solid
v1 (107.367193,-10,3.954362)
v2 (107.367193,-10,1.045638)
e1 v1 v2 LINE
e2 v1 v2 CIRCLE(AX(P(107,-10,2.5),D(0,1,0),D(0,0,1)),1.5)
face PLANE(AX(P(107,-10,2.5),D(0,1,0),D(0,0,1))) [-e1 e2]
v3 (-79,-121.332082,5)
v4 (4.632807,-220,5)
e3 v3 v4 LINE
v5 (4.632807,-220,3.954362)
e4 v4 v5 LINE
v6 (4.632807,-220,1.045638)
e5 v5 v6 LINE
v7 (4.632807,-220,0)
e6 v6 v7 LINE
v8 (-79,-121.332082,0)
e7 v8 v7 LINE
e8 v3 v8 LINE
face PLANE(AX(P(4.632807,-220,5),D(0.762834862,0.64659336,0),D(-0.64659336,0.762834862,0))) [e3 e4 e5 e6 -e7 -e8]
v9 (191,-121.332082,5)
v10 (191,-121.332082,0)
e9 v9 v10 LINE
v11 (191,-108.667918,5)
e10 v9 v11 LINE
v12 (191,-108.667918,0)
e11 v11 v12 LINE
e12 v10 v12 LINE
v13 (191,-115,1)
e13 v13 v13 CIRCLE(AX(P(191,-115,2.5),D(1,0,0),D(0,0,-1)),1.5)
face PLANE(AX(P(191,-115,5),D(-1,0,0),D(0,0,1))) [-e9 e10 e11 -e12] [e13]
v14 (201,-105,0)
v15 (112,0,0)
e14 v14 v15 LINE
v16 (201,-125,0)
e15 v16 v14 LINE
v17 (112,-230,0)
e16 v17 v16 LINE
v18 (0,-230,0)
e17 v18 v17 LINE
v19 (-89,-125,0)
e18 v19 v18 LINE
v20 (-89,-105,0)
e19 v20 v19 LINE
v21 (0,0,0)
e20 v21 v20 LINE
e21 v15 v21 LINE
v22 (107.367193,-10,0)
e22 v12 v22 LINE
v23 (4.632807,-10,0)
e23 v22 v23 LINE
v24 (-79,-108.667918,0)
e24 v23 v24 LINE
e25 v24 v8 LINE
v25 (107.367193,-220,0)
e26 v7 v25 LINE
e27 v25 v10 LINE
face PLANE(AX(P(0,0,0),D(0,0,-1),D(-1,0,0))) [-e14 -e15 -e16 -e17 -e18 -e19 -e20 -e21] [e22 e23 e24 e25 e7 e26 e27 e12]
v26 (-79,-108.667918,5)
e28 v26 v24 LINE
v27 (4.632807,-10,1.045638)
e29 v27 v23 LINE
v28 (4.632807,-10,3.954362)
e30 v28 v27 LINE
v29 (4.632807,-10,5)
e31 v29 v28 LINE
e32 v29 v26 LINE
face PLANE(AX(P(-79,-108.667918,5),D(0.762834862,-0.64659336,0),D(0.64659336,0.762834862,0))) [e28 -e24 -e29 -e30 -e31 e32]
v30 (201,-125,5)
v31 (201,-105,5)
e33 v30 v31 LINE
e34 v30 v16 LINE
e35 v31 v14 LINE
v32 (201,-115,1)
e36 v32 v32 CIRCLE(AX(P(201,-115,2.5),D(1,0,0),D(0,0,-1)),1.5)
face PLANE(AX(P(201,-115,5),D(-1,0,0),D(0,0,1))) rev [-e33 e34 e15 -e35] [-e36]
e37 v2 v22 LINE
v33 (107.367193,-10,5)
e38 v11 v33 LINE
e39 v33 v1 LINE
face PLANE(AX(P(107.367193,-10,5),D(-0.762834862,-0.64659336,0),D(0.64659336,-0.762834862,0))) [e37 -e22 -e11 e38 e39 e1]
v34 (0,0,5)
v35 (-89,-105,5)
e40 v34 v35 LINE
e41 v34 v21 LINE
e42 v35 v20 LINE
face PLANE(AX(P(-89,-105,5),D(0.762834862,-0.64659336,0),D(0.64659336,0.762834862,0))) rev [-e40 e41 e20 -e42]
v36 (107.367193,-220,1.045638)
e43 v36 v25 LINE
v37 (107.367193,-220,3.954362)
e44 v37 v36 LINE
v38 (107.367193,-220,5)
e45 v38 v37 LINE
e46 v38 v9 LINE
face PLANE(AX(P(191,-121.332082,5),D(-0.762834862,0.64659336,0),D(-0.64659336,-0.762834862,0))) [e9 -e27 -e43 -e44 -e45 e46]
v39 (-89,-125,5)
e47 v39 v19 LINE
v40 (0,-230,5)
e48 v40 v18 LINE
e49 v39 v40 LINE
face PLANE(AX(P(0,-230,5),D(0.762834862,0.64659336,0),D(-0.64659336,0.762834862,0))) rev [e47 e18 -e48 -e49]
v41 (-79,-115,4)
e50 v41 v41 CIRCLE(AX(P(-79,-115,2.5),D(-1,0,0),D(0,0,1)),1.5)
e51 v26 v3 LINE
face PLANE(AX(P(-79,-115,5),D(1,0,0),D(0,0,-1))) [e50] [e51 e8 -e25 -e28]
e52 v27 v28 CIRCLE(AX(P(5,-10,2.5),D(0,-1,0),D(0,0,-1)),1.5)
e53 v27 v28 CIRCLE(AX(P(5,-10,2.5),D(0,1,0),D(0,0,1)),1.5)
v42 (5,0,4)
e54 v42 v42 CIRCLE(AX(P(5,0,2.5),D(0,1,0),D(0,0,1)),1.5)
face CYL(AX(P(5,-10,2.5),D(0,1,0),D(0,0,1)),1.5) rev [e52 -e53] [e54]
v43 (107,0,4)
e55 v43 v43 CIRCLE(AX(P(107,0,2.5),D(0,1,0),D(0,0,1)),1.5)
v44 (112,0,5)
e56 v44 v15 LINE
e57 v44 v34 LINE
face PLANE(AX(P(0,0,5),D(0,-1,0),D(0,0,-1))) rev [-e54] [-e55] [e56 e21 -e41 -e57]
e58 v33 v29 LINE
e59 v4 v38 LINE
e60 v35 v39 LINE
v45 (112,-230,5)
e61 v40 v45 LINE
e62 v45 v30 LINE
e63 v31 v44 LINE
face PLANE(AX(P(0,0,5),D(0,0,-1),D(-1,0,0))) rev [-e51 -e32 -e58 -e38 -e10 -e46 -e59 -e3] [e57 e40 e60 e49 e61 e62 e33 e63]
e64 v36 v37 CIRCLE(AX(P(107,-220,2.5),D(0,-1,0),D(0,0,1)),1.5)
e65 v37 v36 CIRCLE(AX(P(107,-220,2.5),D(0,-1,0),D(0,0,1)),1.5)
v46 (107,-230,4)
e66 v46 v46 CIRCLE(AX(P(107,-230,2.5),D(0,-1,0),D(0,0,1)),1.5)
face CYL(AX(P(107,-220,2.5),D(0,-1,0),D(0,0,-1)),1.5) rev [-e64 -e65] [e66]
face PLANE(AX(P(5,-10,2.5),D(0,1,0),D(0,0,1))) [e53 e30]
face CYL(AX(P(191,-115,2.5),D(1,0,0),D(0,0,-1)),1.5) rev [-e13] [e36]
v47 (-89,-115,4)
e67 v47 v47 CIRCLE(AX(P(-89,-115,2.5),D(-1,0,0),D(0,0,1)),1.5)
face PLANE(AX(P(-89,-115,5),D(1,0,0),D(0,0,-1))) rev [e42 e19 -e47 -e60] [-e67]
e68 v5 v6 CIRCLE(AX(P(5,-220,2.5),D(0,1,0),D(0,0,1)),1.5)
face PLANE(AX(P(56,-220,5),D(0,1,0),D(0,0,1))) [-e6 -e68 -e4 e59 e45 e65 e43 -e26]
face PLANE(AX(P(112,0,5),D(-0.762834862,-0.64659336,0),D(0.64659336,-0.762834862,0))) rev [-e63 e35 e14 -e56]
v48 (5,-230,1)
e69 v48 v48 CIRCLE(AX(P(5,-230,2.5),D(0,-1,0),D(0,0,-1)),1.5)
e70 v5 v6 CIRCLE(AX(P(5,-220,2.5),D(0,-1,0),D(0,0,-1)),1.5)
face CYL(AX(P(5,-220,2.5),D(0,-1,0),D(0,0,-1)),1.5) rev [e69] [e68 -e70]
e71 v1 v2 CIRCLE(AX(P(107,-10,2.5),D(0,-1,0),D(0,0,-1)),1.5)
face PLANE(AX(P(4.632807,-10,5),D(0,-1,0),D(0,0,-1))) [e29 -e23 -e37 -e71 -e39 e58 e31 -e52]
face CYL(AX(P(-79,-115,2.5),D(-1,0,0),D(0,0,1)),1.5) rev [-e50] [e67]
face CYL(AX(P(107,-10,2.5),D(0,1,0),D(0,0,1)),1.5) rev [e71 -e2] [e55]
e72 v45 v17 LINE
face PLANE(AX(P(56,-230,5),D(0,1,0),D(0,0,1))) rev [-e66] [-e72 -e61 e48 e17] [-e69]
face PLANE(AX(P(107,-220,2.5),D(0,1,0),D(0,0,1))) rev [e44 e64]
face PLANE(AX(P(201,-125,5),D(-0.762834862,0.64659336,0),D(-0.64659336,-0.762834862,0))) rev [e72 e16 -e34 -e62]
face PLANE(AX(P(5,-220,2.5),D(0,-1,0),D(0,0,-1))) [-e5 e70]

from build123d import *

# Parameters (mm, degrees)
EXTRUDE_1_DEPTH     = 5
SKETCH_2_R          = 1.5
CUT_EXTRUDE_1_DEPTH = 10
CUT_EXTRUDE_START   = -10
SKETCH_3_R          = 1.5
CUT_EXTRUDE_2_DEPTH = 10
SKETCH_4_R          = 1.5
CUT_EXTRUDE_3_DEPTH = 10
SKETCH_5_R          = 1.5
CUT_EXTRUDE_4_DEPTH = 10


with BuildPart() as part:
    # 草图1 → 凸台-拉伸1 (new body)
    with BuildSketch(Plane.XY):
        Polygon((0, 0), (112, 0), (201, -105), (201, -115), (201, -125), (112, -230), (56, -230), (0, -230), (-89, -125), (-89, -115), (-89, -105), align=None)
        Polygon((4.632806625, -10), (107.367193375, -10), (191, -108.667917928), (191, -115), (191, -121.332082072), (107.367193375, -220), (56, -220), (4.632806625, -220), (-79, -121.332082072), (-79, -115), (-79, -108.667917928), align=None, mode=Mode.SUBTRACT)
    extrude(amount=EXTRUDE_1_DEPTH)

    # 草图2 → 切除-拉伸1 (cut)
    with BuildSketch(Plane(origin=(0, 0, 0), x_dir=(1, 0, 0), z_dir=(0, 1, 0))):
        with Locations(Location((5, -2.5, 0), (0, 0, 270))):
            Circle(SKETCH_2_R)
        with Locations(Location((107, -2.5, 0), (0, 0, 270))):
            Circle(SKETCH_2_R)
    extrude(amount=-CUT_EXTRUDE_1_DEPTH, mode=Mode.SUBTRACT)

    # 草图3 → 切除-拉伸2 (cut)
    with BuildSketch(Plane.XZ.offset(230).offset(CUT_EXTRUDE_START)):
        with Locations(Location((5, 2.5, 0), (0, 0, 90))):
            Circle(SKETCH_3_R)
        with Locations(Location((107, 2.5, 0), (0, 0, 90))):
            Circle(SKETCH_3_R)
    extrude(amount=CUT_EXTRUDE_2_DEPTH, mode=Mode.SUBTRACT)

    # 草图4 → 切除-拉伸3 (cut)
    with BuildSketch(Plane.ZY.offset(89)):
        with Locations((2.5, -115)):
            Circle(SKETCH_4_R)
    extrude(amount=-CUT_EXTRUDE_3_DEPTH, mode=Mode.SUBTRACT)

    # 草图5 → 切除-拉伸4 (cut)
    with BuildSketch(Plane(origin=(201, 0, 0), x_dir=(0, 0, -1), z_dir=(1, 0, 0)).offset(CUT_EXTRUDE_START)):
        with Locations(Location((-2.5, -115, 0), (0, 0, 180))):
            Circle(SKETCH_5_R)
    extrude(amount=CUT_EXTRUDE_4_DEPTH, mode=Mode.SUBTRACT)


solid = part.part
